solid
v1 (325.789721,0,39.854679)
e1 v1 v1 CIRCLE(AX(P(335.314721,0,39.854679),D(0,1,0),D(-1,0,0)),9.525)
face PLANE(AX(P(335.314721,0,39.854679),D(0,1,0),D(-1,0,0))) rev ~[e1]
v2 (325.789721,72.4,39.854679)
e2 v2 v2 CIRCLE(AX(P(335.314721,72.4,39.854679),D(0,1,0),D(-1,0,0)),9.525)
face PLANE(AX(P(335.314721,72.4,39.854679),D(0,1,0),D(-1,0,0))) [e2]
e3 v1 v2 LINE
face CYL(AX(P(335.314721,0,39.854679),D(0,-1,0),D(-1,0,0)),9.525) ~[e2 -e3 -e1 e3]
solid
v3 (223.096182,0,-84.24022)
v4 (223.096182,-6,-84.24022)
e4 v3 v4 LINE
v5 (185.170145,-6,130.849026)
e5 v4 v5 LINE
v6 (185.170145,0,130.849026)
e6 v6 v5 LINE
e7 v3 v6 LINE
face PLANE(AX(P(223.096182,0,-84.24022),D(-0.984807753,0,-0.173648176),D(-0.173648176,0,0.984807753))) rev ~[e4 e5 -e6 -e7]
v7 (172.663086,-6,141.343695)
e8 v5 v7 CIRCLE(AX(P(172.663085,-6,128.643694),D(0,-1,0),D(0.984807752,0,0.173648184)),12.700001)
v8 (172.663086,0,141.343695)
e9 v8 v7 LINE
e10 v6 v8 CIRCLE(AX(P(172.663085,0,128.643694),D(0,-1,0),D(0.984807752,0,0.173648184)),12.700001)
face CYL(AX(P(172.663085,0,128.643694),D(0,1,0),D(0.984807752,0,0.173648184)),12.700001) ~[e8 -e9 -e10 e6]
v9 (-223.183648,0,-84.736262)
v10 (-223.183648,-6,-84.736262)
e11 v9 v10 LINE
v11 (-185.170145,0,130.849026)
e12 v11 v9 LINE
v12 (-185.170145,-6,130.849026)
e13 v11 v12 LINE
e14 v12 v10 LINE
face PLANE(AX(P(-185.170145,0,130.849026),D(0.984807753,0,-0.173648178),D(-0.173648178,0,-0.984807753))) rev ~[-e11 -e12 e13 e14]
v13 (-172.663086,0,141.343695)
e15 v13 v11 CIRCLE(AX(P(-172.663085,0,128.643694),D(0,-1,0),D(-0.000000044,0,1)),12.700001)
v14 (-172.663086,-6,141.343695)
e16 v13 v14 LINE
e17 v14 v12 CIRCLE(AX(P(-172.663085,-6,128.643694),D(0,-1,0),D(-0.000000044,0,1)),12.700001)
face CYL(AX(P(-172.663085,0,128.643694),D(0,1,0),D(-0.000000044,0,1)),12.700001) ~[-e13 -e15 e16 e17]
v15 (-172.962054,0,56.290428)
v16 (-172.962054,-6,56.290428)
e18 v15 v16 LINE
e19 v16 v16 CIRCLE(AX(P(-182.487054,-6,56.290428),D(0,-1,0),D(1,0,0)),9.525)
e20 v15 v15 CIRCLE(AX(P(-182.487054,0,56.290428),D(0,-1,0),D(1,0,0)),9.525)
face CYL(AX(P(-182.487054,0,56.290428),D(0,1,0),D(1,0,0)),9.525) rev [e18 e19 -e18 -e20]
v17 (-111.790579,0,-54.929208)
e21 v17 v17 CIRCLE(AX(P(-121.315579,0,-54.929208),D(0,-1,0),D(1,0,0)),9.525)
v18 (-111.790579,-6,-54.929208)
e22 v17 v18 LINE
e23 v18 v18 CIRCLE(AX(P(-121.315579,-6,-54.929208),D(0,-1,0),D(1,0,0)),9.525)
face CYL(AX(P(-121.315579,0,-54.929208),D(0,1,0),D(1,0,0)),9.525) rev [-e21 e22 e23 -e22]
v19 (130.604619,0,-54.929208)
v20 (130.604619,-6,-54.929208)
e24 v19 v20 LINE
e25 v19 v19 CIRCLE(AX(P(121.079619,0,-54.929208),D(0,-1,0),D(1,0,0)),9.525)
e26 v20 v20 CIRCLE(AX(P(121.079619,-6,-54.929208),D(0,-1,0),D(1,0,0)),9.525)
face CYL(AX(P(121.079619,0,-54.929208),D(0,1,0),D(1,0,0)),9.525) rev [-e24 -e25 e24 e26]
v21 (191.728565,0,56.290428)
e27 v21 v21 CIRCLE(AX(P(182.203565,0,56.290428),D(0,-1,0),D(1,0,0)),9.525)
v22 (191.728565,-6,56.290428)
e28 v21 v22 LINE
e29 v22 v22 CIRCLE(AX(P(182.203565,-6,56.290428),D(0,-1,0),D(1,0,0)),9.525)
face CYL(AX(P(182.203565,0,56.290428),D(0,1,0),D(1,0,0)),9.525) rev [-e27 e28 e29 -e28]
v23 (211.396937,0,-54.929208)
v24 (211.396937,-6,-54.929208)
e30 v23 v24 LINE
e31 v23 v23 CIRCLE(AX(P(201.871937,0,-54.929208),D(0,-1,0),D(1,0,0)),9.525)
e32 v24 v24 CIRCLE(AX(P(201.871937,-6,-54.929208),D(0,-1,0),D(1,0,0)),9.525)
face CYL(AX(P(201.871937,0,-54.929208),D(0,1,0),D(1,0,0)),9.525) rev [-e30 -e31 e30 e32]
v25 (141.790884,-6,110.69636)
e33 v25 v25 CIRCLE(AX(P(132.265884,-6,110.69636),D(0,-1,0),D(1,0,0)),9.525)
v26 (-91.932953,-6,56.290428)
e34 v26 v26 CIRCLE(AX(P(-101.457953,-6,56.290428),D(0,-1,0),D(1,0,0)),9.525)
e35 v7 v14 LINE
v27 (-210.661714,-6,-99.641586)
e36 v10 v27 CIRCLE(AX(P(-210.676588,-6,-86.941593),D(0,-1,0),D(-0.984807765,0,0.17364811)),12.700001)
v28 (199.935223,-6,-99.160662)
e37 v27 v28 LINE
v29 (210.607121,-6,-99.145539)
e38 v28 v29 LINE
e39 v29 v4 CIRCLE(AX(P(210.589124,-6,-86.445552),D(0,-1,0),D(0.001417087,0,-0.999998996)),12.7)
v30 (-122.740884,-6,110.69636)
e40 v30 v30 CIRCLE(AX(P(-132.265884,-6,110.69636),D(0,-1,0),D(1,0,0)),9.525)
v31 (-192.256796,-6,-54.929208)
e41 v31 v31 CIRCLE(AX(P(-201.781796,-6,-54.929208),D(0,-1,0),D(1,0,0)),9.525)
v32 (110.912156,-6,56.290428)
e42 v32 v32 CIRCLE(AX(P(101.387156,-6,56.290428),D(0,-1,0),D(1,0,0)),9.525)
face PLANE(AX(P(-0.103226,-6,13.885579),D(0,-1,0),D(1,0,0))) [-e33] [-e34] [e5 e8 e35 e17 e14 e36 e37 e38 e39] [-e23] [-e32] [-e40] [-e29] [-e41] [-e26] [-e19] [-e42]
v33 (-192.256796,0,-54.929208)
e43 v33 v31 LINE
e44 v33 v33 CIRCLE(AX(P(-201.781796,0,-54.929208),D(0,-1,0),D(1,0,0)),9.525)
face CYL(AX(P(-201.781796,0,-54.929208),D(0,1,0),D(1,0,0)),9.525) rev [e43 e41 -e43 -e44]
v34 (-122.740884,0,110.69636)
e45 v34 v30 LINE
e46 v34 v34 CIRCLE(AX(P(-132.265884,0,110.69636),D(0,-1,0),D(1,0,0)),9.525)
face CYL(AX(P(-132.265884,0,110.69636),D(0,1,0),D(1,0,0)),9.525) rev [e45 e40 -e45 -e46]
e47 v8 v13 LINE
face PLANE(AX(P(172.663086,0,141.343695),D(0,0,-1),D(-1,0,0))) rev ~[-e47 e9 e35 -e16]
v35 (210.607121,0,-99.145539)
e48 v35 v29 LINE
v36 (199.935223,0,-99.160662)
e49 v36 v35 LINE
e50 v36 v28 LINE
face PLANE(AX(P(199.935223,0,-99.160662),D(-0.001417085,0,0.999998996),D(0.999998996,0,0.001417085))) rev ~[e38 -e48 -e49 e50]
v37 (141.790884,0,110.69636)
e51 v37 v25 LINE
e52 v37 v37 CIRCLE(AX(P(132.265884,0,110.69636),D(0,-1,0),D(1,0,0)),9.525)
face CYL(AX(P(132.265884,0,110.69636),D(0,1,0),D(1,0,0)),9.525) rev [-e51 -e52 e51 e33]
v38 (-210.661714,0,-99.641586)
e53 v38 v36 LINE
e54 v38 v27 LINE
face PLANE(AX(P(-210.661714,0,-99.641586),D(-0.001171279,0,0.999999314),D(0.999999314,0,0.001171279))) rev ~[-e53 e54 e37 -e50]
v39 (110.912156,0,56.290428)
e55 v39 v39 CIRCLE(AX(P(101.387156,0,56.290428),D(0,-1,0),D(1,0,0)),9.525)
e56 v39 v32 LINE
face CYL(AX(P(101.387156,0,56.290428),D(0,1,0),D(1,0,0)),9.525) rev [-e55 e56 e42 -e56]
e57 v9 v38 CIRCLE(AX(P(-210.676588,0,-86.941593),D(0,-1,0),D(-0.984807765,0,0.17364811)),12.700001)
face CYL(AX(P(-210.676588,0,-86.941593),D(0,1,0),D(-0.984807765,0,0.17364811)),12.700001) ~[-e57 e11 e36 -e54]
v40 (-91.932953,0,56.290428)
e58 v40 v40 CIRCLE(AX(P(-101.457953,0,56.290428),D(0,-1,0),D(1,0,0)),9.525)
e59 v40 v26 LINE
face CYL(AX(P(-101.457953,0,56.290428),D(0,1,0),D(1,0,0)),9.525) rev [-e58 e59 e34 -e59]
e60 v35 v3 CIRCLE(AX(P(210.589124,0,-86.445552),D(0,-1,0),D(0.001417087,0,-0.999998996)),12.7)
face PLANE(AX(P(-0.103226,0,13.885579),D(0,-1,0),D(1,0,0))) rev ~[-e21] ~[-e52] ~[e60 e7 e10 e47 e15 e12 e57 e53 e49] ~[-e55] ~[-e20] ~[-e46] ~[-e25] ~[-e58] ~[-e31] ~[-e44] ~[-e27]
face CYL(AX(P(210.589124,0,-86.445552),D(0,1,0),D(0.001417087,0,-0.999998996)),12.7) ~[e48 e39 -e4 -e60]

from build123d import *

# Parameters (mm, degrees)
F0_R     = 9.525
F1_DEPTH = 6
F2_R     = 9.525
F3_DEPTH = 72.4


with BuildPart() as f1:
    # F0 (on Front) → F1 (new body)
    with BuildSketch(Plane.XZ):
        with BuildLine():
            ThreePointArc((185.170145, 130.849026), (180.826489, 138.372459), (172.663086, 141.343695))
            Line((172.663086, 141.343695), (-172.663086, 141.343695))
            ThreePointArc((-172.663086, 141.343695), (-180.826489, 138.372459), (-185.170145, 130.849026))
            Line((-185.170145, 130.849026), (-223.183648, -84.736262))
            ThreePointArc((-223.183648, -84.736262), (-220.400571, -95.110693), (-210.661714, -99.641586))
            Line((-210.661714, -99.641586), (199.935223, -99.160662))
            Line((199.935223, -99.160662), (210.607121, -99.145539))
            ThreePointArc((210.607121, -99.145539), (220.32367, -94.602059), (223.096182, -84.24022))
            Line((223.096182, -84.24022), (185.170145, 130.849026))
        make_face()
        with Locations((-201.781796, -54.929208)):
            Circle(F0_R, mode=Mode.SUBTRACT)
        with Locations((-121.315579, -54.929208)):
            Circle(F0_R, mode=Mode.SUBTRACT)
        with Locations((121.079619, -54.929208)):
            Circle(F0_R, mode=Mode.SUBTRACT)
        with Locations((201.871937, -54.929208)):
            Circle(F0_R, mode=Mode.SUBTRACT)
        with Locations((-182.487054, 56.290428)):
            Circle(F0_R, mode=Mode.SUBTRACT)
        with Locations((-101.457953, 56.290428)):
            Circle(F0_R, mode=Mode.SUBTRACT)
        with Locations((-132.265884, 110.69636)):
            Circle(F0_R, mode=Mode.SUBTRACT)
        with Locations((101.387156, 56.290428)):
            Circle(F0_R, mode=Mode.SUBTRACT)
        with Locations((182.203565, 56.290428)):
            Circle(F0_R, mode=Mode.SUBTRACT)
        with Locations((132.265884, 110.69636)):
            Circle(F0_R, mode=Mode.SUBTRACT)
    extrude(amount=F1_DEPTH)


with BuildPart() as f3:
    # F2 (on face) → F3 (new body)
    with BuildSketch(Plane(origin=(0, 0, 0), x_dir=(-1, 0, 0), z_dir=(0, 1, 0))):
        with Locations((-335.314721, 39.854679)):
            Circle(F2_R)
    extrude(amount=F3_DEPTH)


solid = Compound([f1.part, f3.part])
